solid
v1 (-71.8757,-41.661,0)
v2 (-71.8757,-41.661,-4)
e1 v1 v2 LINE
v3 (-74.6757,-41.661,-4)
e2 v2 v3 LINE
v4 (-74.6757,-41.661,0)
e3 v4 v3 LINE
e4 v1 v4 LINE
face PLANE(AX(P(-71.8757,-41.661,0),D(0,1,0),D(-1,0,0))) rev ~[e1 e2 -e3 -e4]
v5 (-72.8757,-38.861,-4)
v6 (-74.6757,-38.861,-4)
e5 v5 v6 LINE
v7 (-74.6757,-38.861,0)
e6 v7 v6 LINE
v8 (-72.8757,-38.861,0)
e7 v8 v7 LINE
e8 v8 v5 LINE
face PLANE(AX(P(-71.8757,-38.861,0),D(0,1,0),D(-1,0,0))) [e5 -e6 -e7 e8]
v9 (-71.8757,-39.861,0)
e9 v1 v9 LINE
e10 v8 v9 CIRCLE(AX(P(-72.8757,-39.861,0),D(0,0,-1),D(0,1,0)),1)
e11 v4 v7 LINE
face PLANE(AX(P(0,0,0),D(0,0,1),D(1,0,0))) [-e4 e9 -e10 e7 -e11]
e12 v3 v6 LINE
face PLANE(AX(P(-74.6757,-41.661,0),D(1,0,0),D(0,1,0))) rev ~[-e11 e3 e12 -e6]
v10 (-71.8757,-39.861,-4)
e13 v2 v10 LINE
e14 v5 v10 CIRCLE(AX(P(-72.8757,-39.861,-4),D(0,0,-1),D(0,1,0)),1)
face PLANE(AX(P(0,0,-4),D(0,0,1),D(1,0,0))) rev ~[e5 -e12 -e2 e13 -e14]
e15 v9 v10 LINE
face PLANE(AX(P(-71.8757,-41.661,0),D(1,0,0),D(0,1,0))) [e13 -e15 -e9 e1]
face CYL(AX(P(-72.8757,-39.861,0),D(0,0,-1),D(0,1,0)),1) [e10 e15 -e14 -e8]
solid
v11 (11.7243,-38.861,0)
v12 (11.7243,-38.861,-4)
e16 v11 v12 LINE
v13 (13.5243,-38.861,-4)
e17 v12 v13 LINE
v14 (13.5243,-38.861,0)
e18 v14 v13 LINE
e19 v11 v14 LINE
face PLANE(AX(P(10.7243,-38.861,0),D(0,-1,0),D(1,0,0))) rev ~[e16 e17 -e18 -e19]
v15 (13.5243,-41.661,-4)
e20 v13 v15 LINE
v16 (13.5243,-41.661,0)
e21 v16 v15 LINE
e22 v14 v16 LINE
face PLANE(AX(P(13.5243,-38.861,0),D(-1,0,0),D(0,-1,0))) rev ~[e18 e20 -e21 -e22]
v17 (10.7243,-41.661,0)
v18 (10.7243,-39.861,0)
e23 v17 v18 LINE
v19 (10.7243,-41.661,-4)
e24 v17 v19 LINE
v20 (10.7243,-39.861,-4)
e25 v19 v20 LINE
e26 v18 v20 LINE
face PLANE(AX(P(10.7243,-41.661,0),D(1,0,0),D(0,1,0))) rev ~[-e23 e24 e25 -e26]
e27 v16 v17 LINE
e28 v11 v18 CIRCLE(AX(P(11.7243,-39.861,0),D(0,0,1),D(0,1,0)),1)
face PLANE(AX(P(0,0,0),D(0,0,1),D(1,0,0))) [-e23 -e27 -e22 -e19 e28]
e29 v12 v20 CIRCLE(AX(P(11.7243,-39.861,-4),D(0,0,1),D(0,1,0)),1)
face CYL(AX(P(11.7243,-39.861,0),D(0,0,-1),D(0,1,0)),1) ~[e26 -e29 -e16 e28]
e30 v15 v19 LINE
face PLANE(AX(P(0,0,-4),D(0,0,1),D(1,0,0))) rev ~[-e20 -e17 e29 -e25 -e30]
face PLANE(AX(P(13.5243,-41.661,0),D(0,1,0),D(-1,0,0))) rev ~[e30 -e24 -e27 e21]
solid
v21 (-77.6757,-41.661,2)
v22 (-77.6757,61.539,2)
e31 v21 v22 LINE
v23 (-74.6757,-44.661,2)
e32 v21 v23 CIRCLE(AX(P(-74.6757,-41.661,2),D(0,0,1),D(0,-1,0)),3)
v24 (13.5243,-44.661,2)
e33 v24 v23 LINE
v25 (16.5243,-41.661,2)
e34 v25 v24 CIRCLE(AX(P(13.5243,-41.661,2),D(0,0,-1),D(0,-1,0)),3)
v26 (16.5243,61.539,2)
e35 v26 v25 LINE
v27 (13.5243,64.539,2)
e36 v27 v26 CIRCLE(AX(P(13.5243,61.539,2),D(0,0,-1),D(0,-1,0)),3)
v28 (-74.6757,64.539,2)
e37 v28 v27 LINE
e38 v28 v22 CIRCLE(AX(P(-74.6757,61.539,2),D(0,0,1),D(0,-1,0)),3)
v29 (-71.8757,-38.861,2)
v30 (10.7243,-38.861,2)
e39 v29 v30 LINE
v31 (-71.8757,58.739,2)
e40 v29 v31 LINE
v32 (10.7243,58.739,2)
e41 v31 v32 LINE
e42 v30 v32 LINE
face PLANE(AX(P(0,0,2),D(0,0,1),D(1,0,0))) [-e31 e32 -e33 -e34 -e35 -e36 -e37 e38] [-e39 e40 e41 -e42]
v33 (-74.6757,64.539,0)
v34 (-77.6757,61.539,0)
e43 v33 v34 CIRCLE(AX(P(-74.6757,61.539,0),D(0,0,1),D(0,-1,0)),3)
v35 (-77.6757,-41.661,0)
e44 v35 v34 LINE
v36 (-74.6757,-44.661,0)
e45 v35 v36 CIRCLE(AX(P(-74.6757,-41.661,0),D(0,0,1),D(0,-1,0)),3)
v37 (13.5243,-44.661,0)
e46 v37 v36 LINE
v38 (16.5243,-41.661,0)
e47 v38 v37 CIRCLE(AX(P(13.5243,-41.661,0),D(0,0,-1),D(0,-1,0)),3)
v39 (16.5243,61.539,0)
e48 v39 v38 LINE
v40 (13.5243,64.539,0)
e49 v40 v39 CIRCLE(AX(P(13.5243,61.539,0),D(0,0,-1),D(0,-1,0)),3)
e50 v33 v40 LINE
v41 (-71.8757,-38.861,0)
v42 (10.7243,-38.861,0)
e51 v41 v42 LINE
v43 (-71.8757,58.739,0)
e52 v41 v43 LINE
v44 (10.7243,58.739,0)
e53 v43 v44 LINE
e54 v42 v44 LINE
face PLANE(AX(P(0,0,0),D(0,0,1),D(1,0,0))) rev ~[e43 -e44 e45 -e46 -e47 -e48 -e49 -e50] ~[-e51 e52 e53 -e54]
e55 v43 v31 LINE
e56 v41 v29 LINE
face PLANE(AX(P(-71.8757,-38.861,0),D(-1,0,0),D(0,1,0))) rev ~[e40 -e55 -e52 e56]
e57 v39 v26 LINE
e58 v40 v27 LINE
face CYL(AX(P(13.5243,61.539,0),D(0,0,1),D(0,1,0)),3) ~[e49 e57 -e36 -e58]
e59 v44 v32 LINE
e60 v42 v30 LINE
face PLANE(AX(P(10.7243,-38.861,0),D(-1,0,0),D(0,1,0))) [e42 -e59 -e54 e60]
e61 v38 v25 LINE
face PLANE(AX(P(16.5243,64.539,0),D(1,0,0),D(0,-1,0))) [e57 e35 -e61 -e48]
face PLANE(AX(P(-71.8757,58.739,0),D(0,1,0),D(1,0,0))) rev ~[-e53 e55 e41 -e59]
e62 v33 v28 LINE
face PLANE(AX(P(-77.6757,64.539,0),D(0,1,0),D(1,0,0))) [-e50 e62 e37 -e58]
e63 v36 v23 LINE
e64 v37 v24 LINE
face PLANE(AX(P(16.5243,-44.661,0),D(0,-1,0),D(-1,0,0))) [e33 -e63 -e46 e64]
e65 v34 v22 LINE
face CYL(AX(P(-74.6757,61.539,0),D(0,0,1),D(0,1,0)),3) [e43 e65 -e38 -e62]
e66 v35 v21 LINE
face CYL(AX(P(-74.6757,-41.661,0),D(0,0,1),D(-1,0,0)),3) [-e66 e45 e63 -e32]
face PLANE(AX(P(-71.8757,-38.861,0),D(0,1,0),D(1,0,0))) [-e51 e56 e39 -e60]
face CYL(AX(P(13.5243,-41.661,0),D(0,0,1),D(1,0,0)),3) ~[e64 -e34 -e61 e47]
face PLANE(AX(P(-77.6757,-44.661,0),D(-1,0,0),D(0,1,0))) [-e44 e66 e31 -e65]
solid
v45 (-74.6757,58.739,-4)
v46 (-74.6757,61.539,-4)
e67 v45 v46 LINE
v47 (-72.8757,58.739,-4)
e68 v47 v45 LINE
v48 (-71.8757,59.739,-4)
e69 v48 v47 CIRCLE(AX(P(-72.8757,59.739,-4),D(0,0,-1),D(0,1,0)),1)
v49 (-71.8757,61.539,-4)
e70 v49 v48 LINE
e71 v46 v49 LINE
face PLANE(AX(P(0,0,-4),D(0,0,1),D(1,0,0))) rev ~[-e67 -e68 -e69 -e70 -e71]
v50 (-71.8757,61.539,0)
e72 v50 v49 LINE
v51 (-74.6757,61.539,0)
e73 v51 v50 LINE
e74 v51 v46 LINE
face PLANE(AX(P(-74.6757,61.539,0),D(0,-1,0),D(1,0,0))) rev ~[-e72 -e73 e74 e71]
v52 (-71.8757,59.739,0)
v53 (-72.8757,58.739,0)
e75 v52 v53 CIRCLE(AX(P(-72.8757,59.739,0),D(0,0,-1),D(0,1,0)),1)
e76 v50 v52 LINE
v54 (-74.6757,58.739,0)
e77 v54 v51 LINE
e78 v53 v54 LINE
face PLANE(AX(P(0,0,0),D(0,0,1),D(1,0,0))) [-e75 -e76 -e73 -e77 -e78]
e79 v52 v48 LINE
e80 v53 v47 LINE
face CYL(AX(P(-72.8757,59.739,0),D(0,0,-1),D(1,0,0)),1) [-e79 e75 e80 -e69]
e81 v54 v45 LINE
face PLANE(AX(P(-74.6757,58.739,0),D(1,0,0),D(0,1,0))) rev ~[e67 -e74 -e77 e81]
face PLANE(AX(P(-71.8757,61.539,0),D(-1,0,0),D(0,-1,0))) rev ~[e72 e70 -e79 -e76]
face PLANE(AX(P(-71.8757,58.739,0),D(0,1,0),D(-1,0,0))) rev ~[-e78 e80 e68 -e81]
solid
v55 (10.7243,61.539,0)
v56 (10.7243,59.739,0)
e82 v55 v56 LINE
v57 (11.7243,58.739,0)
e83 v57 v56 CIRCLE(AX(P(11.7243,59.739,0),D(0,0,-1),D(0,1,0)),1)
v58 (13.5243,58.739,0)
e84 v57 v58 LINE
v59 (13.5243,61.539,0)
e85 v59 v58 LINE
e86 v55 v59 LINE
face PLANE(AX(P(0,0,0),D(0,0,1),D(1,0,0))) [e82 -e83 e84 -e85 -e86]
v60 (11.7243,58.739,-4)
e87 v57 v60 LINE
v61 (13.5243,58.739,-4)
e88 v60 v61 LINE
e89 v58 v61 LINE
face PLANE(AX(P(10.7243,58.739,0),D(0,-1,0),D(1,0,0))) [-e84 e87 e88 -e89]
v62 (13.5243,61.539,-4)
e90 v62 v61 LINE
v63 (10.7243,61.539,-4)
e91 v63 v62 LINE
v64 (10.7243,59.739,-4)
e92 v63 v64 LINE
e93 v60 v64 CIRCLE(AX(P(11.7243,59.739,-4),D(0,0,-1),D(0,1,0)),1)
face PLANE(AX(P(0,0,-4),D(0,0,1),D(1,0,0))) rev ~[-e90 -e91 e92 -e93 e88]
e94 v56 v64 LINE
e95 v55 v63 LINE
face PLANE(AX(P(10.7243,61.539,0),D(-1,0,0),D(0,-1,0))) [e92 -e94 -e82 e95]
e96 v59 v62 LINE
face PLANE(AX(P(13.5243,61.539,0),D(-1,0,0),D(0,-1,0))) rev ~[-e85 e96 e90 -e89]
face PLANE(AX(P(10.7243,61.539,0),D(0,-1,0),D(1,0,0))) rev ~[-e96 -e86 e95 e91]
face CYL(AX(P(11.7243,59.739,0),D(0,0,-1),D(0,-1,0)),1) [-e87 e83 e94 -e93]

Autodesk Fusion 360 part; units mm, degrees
sketch "Sketch1" plane through (0, 0, 0) normal (0, 0, 1) x (1, 0, 0)
  line L0 (-77.6757, 64.539) -> (16.5243, 64.539)
  line L1 (16.5243, 64.539) -> (16.5243, -44.661)
  line L2 (16.5243, -44.661) -> (-77.6757, -44.661)
  line L3 (-77.6757, -44.661) -> (-77.6757, 64.539)
  line L4 (-74.6757, 61.539) -> (13.5243, 61.539)
  line L5 (13.5243, 61.539) -> (13.5243, -41.661)
  line L6 (13.5243, -41.661) -> (-74.6757, -41.661)
  line L7 (-74.6757, -41.661) -> (-74.6757, 61.539)
  line L8 (-74.6757, 61.539) -> (-71.8757, 61.539)
  line L9 (-71.8757, 61.539) -> (-71.8757, 58.739)
  line L10 (-71.8757, 58.739) -> (-74.6757, 58.739)
  line L11 (-74.6757, 58.739) -> (-74.6757, 61.539)
  line L12 (13.5243, 61.539) -> (10.7243, 61.539)
  line L13 (10.7243, 61.539) -> (10.7243, 58.739)
  line L14 (10.7243, 58.739) -> (13.5243, 58.739)
  line L15 (13.5243, 58.739) -> (13.5243, 61.539)
  line L16 (-74.6757, -41.661) -> (-71.8757, -41.661)
  line L17 (-71.8757, -41.661) -> (-71.8757, -38.861)
  line L18 (-71.8757, -38.861) -> (-74.6757, -38.861)
  line L19 (-74.6757, -38.861) -> (-74.6757, -41.661)
  line L20 (13.5243, -41.661) -> (10.7243, -41.661)
  line L21 (10.7243, -41.661) -> (10.7243, -38.861)
  line L22 (10.7243, -38.861) -> (13.5243, -38.861)
  line L23 (13.5243, -38.861) -> (13.5243, -41.661)
  line L24 (-71.8757, -38.861) -> (10.7243, -38.861)
  line L25 (10.7243, -38.861) -> (10.7243, -41.661)
  line L26 (10.7243, -41.661) -> (-71.8757, -41.661)
  line L27 (-71.8757, -41.661) -> (-71.8757, -38.861)
  line L28 (-71.8757, 58.739) -> (10.7243, 58.739)
  line L29 (10.7243, 58.739) -> (10.7243, 61.539)
  line L30 (10.7243, 61.539) -> (-71.8757, 61.539)
  line L31 (-71.8757, 61.539) -> (-71.8757, 58.739)
  line L32 (-71.8757, 58.739) -> (-74.6757, 58.739)
  line L33 (-74.6757, 58.739) -> (-74.6757, -38.861)
  line L34 (-74.6757, -38.861) -> (-71.8757, -38.861)
  line L35 (-71.8757, -38.861) -> (-71.8757, 58.739)
  line L36 (13.5243, -38.861) -> (10.7243, -38.861)
  line L37 (10.7243, -38.861) -> (10.7243, 58.739)
  line L38 (10.7243, 58.739) -> (13.5243, 58.739)
  line L39 (13.5243, 58.739) -> (13.5243, -38.861)
  dimension "d1" = 94.2
  dimension "d2" = 109.2
  dimension "d3" = 88.2
  dimension "d4" = 103.2
  dimension "d5" = 3
  dimension "d6" = 3
  dimension "d7" = 2.8
  dimension "d8" = 2.8
  dimension "d9" = 2.8
  dimension "d10" = 2.8
  dimension "d11" = 2.8
  dimension "d12" = 2.8
  dimension "d13" = 2.8
  dimension "d14" = 2.8
extrude "Extrude1" add sketch "Sketch1" along normal blind 2 contours L0 L1 L2 L3 | L4 L7 L8 L9 L10 L11 L31 L32 | L4 L9 L13 L28 L29 L30 L31 | L7 L10 L18 L32 L33 L34 L35 | L4 L5 L12 L13 L14 L15 L29 L38 | L6 L7 L16 L17 L18 L19 L27 L34 | L5 L14 L22 L36 L37 L38 L39 | L6 L17 L21 L24 L25 L26 L27 | L5 L6 L20 L21 L22 L23 L25 L36 makes body 1
extrude "Extrude2" add sketch "Sketch1" against normal blind 4 separate body contours L4 L7 L8 L9 L10 L11 L31 L32 | L4 L5 L12 L13 L14 L15 L29 L38 | L6 L7 L16 L17 L18 L19 L27 L34 | L5 L6 L20 L21 L22 L23 L25 L36 makes body 2 at (13.5243, 60.6057, -1.3333) makes body 3 at (-72.809, -38.861, -1.3333) makes body 4 at (-73.7424, 61.539, -1.3333) makes body 5 at (13.5243, -39.7943, -1.3333)
fillet "Fillet1" radius 3 4 edges at (16.5243, 64.539, 1) (-77.6757, 64.539, 1) (-77.6757, -44.661, 1) (16.5243, -44.661, 1) on bodies 1
fillet "Fillet2" radius 1 4 edges at (10.7243, 58.739, -2) (-71.8757, -38.861, -2) (-71.8757, 58.739, -2) (10.7243, -38.861, -2) on bodies 2 3 4 5
